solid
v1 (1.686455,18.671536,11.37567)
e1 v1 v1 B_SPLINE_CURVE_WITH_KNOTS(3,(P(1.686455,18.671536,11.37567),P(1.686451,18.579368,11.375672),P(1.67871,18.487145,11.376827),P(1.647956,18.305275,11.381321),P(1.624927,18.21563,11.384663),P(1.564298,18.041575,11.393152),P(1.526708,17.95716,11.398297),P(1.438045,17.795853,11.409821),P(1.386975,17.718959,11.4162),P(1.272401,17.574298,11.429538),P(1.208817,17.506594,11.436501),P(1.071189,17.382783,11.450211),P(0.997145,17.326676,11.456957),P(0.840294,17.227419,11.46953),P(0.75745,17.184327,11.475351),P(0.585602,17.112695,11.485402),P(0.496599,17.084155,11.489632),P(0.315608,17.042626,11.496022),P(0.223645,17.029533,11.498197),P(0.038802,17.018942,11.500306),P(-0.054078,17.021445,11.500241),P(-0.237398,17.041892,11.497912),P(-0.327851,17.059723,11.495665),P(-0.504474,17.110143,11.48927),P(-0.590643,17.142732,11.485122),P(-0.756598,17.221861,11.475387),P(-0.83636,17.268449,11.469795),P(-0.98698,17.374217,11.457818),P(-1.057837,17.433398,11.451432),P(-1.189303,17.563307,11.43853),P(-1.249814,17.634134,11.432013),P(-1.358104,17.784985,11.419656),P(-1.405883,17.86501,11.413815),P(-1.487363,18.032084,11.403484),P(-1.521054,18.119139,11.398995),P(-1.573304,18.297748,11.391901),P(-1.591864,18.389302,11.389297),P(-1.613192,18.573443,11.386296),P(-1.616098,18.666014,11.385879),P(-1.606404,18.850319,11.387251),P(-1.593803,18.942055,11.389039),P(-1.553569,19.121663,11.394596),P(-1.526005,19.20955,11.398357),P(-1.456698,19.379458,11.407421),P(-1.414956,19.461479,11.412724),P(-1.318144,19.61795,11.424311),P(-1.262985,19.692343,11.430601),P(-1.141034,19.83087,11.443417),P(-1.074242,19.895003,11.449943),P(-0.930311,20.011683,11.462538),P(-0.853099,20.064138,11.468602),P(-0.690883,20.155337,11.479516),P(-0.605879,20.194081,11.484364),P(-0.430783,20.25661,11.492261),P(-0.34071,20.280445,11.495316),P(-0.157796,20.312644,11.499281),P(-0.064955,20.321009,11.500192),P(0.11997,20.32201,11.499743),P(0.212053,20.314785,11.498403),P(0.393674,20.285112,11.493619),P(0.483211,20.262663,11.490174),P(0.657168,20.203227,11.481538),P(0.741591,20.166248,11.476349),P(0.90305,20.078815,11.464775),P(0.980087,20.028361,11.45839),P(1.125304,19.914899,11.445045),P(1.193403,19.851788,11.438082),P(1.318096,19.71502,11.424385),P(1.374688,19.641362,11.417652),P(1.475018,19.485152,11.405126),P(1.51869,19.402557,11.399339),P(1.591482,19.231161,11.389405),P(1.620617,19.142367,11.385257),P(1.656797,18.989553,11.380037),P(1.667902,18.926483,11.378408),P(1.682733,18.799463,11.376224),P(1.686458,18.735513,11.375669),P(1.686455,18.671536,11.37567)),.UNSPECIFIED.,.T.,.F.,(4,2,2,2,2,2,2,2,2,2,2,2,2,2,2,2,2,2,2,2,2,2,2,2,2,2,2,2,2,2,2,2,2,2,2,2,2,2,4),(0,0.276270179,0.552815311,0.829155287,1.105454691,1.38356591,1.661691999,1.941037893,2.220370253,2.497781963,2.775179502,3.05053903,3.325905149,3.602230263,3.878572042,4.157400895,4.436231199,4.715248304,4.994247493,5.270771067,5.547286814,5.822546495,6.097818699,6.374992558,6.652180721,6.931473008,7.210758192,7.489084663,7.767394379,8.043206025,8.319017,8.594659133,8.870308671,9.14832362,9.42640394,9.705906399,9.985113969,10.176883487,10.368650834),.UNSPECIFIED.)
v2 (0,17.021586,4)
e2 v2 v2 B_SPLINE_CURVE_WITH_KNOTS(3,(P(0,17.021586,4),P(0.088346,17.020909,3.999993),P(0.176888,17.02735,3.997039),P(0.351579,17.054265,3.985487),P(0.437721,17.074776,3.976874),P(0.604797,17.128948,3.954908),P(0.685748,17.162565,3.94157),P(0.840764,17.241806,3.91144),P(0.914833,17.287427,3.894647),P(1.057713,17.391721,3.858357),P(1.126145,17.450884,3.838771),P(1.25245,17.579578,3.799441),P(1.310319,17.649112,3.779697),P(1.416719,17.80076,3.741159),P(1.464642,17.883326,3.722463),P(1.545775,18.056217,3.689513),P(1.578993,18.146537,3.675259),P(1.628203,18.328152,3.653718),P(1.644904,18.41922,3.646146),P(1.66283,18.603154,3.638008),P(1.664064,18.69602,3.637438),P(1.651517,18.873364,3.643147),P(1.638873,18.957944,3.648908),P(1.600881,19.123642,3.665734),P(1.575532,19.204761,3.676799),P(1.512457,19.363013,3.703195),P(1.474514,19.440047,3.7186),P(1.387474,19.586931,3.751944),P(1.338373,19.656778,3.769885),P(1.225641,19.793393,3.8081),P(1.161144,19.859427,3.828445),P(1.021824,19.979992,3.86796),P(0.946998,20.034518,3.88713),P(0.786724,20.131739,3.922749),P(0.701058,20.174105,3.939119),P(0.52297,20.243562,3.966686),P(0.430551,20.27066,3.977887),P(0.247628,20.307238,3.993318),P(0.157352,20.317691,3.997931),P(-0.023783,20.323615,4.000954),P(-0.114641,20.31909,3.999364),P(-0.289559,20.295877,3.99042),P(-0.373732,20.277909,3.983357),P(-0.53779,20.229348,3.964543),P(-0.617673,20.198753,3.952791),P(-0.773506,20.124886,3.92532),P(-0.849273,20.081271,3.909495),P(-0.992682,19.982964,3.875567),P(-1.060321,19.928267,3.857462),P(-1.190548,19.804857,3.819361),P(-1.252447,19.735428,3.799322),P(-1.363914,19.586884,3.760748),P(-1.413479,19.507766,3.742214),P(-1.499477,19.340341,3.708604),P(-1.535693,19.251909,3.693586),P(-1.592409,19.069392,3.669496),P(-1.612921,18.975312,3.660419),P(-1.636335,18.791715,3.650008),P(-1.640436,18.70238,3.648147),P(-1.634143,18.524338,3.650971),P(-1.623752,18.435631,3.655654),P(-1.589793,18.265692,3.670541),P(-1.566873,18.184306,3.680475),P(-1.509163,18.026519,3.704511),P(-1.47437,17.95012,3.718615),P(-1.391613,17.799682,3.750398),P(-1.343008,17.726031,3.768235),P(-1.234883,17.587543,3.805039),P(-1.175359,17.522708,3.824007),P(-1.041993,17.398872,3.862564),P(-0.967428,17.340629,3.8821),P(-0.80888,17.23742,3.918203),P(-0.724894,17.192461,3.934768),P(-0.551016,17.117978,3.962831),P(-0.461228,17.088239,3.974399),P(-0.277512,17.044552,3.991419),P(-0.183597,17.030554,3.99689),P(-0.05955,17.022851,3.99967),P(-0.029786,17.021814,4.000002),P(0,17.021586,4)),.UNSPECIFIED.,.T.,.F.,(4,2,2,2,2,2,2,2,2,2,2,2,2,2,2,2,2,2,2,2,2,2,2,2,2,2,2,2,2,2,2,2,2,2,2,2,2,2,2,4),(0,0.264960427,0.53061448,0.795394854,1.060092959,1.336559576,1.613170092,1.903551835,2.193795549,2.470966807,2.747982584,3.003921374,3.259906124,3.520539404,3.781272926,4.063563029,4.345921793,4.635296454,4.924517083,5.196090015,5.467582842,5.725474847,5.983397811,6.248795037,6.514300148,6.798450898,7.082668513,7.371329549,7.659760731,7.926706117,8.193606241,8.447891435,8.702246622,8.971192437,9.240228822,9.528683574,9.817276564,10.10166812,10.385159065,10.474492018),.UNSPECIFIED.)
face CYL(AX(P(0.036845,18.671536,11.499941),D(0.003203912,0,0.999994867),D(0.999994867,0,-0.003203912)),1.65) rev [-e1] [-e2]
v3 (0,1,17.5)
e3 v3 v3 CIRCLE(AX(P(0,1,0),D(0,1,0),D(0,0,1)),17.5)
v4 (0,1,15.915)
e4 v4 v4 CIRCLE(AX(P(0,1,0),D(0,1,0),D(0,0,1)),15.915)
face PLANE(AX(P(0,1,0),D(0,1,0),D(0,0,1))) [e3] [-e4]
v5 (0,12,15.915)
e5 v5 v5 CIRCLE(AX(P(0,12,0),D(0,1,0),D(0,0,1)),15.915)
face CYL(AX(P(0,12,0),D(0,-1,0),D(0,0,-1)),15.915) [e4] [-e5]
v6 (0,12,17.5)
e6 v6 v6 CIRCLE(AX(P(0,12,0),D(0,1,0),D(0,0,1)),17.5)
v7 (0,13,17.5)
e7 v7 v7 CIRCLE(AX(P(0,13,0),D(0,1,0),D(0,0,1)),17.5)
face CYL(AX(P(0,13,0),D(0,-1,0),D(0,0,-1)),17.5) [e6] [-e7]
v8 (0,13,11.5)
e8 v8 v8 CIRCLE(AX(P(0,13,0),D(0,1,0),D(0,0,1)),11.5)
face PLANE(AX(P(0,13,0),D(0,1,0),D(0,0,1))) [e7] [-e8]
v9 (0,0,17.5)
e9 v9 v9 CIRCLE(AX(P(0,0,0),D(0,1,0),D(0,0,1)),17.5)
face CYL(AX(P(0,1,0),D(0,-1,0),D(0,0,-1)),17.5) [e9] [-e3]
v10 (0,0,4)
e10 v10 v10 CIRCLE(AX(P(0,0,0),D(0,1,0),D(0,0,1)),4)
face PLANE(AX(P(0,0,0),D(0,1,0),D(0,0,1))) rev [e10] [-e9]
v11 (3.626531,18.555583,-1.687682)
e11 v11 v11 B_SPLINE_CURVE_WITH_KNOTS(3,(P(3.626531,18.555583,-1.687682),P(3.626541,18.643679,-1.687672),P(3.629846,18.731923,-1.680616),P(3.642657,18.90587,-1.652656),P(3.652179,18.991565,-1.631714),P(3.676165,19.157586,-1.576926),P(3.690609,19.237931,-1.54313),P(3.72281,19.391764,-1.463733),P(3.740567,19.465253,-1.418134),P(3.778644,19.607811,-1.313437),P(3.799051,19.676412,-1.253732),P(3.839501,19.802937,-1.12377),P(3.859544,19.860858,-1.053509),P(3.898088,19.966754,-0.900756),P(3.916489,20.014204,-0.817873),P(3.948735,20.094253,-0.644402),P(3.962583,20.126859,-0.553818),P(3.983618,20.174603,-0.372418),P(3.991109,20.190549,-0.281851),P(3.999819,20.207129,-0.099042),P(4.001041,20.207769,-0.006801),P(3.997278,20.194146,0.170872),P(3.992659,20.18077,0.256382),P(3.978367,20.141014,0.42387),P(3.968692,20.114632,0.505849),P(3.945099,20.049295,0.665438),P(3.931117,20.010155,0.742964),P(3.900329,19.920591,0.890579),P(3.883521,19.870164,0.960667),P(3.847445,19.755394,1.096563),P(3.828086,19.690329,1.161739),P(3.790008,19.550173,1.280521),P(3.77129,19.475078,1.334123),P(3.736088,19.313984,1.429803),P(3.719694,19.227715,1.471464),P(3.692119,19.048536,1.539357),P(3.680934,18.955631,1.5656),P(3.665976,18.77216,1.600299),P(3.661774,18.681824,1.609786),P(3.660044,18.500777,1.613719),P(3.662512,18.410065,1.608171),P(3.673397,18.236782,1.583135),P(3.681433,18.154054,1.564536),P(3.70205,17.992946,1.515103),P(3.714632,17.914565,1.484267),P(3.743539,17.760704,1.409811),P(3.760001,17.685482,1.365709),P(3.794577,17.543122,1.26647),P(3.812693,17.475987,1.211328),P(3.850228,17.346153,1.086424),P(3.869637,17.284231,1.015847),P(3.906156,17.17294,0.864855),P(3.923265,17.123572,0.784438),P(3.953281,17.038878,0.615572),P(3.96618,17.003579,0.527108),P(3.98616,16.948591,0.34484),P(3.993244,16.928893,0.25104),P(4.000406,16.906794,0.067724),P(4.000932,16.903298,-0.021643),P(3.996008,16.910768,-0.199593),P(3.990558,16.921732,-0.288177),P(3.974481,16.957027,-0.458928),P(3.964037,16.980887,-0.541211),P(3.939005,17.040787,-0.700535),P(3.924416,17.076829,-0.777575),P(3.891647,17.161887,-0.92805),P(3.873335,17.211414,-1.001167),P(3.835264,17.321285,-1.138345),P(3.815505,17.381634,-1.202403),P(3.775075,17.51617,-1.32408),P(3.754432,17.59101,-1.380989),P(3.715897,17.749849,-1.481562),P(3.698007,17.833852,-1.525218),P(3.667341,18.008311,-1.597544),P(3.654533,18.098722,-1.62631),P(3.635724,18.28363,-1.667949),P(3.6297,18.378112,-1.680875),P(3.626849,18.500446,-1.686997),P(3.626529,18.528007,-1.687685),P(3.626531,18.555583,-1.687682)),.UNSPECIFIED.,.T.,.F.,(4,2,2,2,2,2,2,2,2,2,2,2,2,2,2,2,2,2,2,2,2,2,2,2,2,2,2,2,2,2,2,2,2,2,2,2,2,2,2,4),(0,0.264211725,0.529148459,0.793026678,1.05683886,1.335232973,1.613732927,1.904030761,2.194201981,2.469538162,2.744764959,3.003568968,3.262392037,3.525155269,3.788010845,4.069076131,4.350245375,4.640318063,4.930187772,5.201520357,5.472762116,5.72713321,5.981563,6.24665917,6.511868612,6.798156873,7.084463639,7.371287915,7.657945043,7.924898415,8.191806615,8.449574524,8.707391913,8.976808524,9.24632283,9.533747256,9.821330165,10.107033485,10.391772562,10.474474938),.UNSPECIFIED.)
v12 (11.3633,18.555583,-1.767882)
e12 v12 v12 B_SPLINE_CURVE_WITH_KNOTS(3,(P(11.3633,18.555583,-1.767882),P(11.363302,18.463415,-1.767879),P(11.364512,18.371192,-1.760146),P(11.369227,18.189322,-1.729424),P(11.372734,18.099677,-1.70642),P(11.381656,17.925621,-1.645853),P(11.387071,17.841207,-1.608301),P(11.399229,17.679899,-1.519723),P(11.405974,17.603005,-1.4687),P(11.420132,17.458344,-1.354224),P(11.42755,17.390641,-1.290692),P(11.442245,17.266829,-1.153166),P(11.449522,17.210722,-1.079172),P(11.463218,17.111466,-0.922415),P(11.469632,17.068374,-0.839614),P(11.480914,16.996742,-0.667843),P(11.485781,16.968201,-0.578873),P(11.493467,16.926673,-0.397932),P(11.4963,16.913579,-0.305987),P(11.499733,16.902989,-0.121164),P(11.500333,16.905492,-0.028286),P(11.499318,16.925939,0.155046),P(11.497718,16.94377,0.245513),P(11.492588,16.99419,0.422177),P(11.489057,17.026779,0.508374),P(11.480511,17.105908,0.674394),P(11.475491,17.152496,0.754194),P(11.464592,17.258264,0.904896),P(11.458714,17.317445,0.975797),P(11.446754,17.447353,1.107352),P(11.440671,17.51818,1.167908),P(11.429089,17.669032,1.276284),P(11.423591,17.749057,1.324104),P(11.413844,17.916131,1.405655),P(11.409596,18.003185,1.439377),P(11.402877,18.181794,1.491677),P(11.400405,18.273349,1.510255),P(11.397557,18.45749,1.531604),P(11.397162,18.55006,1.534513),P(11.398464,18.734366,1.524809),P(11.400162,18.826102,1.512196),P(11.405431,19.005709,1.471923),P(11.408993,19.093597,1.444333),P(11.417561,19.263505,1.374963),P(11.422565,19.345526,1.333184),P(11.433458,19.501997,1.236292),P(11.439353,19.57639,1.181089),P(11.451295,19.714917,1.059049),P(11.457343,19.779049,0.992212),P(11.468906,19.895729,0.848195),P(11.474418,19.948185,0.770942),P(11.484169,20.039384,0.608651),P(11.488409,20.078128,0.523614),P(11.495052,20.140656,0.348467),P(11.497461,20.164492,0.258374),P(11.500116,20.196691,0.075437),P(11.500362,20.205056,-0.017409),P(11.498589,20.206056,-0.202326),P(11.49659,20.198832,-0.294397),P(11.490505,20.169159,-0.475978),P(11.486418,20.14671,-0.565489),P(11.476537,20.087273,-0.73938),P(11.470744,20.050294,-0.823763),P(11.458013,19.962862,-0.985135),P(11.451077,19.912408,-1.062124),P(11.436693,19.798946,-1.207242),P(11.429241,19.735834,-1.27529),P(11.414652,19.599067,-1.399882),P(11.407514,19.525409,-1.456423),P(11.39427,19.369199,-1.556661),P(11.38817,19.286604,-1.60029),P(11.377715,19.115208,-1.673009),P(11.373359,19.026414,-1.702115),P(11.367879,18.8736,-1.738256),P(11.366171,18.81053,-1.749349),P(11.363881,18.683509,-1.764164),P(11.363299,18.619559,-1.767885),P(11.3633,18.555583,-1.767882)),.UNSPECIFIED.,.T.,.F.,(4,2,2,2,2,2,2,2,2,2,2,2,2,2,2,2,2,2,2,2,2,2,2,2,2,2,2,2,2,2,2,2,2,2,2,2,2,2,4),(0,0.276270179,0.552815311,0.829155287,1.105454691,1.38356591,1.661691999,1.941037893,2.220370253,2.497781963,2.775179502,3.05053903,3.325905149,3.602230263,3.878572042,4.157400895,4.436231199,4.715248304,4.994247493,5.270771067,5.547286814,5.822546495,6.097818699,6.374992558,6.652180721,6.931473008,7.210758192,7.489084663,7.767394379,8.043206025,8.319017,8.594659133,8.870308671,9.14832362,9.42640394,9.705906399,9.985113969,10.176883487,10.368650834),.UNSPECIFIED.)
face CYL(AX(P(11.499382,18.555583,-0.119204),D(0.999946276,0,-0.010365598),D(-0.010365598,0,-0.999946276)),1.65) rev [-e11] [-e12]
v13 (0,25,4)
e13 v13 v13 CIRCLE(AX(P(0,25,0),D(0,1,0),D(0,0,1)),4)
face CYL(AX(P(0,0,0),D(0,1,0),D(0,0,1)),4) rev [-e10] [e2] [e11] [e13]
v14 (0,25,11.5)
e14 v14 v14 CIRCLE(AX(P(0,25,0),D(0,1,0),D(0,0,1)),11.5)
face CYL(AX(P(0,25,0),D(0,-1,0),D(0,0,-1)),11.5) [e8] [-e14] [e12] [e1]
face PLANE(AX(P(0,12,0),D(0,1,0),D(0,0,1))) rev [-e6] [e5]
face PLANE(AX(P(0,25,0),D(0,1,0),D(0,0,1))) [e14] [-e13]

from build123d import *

# Parameters (mm, degrees)
SKETCH_1_R                       = 17.5
EXTRUDE_1_DEPTH                  = 1
SKETCH_2_R                       = 15.915
EXTRUDE_2_DEPTH                  = 11
SKETCH_3_R                       = 17.5
EXTRUDE_3_DEPTH                  = 1
SKETCH_4_R                       = 11.5
EXTRUDE_4_DEPTH                  = 12
SKETCH_5_R                       = 4
CUT_EXTRUDE_1_DEPTH              = 36.178118199
HOLE_WIZARD_M4_1_REACH           = 40.674
HOLE_WIZARD_M4_1_BORE_R          = 1.65
HOLE_WIZARD_M4_1_ON_FACE_2_REACH = 40.693
HOLE_WIZARD_M4_1_BORE_2_R        = 1.65


with BuildPart() as part:
    # 草图1 → 凸台-拉伸1 (new body)
    with BuildSketch(Plane(origin=(0, 0, 0), x_dir=(1, 0, 0), z_dir=(0, 1, 0))):
        with Locations(Location((0, 0, 0), (0, 0, 270))):
            Circle(SKETCH_1_R)
    extrude(amount=EXTRUDE_1_DEPTH)

    # 草图2 → 凸台-拉伸2 (add)
    with BuildSketch(Plane(origin=(0, 1, 0), x_dir=(1, 0, 0), z_dir=(0, 1, 0))):
        with Locations(Location((0, 0, 0), (0, 0, 270))):
            Circle(SKETCH_2_R)
    extrude(amount=EXTRUDE_2_DEPTH)

    # 草图3 → 凸台-拉伸3 (add)
    with BuildSketch(Plane(origin=(0, 12, 0), x_dir=(1, 0, 0), z_dir=(0, 1, 0))):
        with Locations(Location((0, 0, 0), (0, 0, 270))):
            Circle(SKETCH_3_R)
    extrude(amount=EXTRUDE_3_DEPTH)

    # 草图4 → 凸台-拉伸4 (add)
    with BuildSketch(Plane(origin=(0, 13, 0), x_dir=(1, 0, 0), z_dir=(0, 1, 0))):
        with Locations(Location((0, 0, 0), (0, 0, 270))):
            Circle(SKETCH_4_R)
    extrude(amount=EXTRUDE_4_DEPTH)

    # 草图5 → 切除-拉伸1 (cut, through all)
    with BuildSketch(Plane(origin=(0, 25, 0), x_dir=(1, 0, 0), z_dir=(0, 1, 0))):
        with Locations(Location((0, 0, 0), (0, 0, 270))):
            Circle(SKETCH_5_R)
    extrude(amount=-CUT_EXTRUDE_1_DEPTH, mode=Mode.SUBTRACT)

    # M4 螺纹孔1 bore (on position points) → M4 螺纹孔1 (cut, up to next)
    with BuildSketch(Plane(origin=(11.499382171, 18.555582634, -0.119204379), x_dir=(0.010365598164, 0, 0.999946275744), z_dir=(0.999946275744, 0, -0.010365598164)), mode=Mode.PRIVATE) as hole_wizard_m4_1_sk1:
        Circle(HOLE_WIZARD_M4_1_BORE_R)
    hole_wizard_m4_1_tool1 = extrude(hole_wizard_m4_1_sk1.sketch, amount=-HOLE_WIZARD_M4_1_REACH, mode=Mode.PRIVATE) & part.part
    add(hole_wizard_m4_1_tool1.solids().sort_by_distance((11.499382, 18.555583, -0.119204))[0], mode=Mode.SUBTRACT)

    # M4 螺纹孔1 bore 2 (on position points) → M4 螺纹孔1 on face 2 (cut, up to next)
    with BuildSketch(Plane(origin=(0.03684499, 18.671535984, 11.499940976), x_dir=(0.99999486718, 0, -0.003203999574), z_dir=(0.003203999574, 0, 0.99999486718)), mode=Mode.PRIVATE) as hole_wizard_m4_1_on_face_2_sk1:
        Circle(HOLE_WIZARD_M4_1_BORE_2_R)
    hole_wizard_m4_1_on_face_2_tool1 = extrude(hole_wizard_m4_1_on_face_2_sk1.sketch, amount=-HOLE_WIZARD_M4_1_ON_FACE_2_REACH, mode=Mode.PRIVATE) & part.part
    add(hole_wizard_m4_1_on_face_2_tool1.solids().sort_by_distance((0.036845, 18.671536, 11.499941))[0], mode=Mode.SUBTRACT)


solid = part.part
